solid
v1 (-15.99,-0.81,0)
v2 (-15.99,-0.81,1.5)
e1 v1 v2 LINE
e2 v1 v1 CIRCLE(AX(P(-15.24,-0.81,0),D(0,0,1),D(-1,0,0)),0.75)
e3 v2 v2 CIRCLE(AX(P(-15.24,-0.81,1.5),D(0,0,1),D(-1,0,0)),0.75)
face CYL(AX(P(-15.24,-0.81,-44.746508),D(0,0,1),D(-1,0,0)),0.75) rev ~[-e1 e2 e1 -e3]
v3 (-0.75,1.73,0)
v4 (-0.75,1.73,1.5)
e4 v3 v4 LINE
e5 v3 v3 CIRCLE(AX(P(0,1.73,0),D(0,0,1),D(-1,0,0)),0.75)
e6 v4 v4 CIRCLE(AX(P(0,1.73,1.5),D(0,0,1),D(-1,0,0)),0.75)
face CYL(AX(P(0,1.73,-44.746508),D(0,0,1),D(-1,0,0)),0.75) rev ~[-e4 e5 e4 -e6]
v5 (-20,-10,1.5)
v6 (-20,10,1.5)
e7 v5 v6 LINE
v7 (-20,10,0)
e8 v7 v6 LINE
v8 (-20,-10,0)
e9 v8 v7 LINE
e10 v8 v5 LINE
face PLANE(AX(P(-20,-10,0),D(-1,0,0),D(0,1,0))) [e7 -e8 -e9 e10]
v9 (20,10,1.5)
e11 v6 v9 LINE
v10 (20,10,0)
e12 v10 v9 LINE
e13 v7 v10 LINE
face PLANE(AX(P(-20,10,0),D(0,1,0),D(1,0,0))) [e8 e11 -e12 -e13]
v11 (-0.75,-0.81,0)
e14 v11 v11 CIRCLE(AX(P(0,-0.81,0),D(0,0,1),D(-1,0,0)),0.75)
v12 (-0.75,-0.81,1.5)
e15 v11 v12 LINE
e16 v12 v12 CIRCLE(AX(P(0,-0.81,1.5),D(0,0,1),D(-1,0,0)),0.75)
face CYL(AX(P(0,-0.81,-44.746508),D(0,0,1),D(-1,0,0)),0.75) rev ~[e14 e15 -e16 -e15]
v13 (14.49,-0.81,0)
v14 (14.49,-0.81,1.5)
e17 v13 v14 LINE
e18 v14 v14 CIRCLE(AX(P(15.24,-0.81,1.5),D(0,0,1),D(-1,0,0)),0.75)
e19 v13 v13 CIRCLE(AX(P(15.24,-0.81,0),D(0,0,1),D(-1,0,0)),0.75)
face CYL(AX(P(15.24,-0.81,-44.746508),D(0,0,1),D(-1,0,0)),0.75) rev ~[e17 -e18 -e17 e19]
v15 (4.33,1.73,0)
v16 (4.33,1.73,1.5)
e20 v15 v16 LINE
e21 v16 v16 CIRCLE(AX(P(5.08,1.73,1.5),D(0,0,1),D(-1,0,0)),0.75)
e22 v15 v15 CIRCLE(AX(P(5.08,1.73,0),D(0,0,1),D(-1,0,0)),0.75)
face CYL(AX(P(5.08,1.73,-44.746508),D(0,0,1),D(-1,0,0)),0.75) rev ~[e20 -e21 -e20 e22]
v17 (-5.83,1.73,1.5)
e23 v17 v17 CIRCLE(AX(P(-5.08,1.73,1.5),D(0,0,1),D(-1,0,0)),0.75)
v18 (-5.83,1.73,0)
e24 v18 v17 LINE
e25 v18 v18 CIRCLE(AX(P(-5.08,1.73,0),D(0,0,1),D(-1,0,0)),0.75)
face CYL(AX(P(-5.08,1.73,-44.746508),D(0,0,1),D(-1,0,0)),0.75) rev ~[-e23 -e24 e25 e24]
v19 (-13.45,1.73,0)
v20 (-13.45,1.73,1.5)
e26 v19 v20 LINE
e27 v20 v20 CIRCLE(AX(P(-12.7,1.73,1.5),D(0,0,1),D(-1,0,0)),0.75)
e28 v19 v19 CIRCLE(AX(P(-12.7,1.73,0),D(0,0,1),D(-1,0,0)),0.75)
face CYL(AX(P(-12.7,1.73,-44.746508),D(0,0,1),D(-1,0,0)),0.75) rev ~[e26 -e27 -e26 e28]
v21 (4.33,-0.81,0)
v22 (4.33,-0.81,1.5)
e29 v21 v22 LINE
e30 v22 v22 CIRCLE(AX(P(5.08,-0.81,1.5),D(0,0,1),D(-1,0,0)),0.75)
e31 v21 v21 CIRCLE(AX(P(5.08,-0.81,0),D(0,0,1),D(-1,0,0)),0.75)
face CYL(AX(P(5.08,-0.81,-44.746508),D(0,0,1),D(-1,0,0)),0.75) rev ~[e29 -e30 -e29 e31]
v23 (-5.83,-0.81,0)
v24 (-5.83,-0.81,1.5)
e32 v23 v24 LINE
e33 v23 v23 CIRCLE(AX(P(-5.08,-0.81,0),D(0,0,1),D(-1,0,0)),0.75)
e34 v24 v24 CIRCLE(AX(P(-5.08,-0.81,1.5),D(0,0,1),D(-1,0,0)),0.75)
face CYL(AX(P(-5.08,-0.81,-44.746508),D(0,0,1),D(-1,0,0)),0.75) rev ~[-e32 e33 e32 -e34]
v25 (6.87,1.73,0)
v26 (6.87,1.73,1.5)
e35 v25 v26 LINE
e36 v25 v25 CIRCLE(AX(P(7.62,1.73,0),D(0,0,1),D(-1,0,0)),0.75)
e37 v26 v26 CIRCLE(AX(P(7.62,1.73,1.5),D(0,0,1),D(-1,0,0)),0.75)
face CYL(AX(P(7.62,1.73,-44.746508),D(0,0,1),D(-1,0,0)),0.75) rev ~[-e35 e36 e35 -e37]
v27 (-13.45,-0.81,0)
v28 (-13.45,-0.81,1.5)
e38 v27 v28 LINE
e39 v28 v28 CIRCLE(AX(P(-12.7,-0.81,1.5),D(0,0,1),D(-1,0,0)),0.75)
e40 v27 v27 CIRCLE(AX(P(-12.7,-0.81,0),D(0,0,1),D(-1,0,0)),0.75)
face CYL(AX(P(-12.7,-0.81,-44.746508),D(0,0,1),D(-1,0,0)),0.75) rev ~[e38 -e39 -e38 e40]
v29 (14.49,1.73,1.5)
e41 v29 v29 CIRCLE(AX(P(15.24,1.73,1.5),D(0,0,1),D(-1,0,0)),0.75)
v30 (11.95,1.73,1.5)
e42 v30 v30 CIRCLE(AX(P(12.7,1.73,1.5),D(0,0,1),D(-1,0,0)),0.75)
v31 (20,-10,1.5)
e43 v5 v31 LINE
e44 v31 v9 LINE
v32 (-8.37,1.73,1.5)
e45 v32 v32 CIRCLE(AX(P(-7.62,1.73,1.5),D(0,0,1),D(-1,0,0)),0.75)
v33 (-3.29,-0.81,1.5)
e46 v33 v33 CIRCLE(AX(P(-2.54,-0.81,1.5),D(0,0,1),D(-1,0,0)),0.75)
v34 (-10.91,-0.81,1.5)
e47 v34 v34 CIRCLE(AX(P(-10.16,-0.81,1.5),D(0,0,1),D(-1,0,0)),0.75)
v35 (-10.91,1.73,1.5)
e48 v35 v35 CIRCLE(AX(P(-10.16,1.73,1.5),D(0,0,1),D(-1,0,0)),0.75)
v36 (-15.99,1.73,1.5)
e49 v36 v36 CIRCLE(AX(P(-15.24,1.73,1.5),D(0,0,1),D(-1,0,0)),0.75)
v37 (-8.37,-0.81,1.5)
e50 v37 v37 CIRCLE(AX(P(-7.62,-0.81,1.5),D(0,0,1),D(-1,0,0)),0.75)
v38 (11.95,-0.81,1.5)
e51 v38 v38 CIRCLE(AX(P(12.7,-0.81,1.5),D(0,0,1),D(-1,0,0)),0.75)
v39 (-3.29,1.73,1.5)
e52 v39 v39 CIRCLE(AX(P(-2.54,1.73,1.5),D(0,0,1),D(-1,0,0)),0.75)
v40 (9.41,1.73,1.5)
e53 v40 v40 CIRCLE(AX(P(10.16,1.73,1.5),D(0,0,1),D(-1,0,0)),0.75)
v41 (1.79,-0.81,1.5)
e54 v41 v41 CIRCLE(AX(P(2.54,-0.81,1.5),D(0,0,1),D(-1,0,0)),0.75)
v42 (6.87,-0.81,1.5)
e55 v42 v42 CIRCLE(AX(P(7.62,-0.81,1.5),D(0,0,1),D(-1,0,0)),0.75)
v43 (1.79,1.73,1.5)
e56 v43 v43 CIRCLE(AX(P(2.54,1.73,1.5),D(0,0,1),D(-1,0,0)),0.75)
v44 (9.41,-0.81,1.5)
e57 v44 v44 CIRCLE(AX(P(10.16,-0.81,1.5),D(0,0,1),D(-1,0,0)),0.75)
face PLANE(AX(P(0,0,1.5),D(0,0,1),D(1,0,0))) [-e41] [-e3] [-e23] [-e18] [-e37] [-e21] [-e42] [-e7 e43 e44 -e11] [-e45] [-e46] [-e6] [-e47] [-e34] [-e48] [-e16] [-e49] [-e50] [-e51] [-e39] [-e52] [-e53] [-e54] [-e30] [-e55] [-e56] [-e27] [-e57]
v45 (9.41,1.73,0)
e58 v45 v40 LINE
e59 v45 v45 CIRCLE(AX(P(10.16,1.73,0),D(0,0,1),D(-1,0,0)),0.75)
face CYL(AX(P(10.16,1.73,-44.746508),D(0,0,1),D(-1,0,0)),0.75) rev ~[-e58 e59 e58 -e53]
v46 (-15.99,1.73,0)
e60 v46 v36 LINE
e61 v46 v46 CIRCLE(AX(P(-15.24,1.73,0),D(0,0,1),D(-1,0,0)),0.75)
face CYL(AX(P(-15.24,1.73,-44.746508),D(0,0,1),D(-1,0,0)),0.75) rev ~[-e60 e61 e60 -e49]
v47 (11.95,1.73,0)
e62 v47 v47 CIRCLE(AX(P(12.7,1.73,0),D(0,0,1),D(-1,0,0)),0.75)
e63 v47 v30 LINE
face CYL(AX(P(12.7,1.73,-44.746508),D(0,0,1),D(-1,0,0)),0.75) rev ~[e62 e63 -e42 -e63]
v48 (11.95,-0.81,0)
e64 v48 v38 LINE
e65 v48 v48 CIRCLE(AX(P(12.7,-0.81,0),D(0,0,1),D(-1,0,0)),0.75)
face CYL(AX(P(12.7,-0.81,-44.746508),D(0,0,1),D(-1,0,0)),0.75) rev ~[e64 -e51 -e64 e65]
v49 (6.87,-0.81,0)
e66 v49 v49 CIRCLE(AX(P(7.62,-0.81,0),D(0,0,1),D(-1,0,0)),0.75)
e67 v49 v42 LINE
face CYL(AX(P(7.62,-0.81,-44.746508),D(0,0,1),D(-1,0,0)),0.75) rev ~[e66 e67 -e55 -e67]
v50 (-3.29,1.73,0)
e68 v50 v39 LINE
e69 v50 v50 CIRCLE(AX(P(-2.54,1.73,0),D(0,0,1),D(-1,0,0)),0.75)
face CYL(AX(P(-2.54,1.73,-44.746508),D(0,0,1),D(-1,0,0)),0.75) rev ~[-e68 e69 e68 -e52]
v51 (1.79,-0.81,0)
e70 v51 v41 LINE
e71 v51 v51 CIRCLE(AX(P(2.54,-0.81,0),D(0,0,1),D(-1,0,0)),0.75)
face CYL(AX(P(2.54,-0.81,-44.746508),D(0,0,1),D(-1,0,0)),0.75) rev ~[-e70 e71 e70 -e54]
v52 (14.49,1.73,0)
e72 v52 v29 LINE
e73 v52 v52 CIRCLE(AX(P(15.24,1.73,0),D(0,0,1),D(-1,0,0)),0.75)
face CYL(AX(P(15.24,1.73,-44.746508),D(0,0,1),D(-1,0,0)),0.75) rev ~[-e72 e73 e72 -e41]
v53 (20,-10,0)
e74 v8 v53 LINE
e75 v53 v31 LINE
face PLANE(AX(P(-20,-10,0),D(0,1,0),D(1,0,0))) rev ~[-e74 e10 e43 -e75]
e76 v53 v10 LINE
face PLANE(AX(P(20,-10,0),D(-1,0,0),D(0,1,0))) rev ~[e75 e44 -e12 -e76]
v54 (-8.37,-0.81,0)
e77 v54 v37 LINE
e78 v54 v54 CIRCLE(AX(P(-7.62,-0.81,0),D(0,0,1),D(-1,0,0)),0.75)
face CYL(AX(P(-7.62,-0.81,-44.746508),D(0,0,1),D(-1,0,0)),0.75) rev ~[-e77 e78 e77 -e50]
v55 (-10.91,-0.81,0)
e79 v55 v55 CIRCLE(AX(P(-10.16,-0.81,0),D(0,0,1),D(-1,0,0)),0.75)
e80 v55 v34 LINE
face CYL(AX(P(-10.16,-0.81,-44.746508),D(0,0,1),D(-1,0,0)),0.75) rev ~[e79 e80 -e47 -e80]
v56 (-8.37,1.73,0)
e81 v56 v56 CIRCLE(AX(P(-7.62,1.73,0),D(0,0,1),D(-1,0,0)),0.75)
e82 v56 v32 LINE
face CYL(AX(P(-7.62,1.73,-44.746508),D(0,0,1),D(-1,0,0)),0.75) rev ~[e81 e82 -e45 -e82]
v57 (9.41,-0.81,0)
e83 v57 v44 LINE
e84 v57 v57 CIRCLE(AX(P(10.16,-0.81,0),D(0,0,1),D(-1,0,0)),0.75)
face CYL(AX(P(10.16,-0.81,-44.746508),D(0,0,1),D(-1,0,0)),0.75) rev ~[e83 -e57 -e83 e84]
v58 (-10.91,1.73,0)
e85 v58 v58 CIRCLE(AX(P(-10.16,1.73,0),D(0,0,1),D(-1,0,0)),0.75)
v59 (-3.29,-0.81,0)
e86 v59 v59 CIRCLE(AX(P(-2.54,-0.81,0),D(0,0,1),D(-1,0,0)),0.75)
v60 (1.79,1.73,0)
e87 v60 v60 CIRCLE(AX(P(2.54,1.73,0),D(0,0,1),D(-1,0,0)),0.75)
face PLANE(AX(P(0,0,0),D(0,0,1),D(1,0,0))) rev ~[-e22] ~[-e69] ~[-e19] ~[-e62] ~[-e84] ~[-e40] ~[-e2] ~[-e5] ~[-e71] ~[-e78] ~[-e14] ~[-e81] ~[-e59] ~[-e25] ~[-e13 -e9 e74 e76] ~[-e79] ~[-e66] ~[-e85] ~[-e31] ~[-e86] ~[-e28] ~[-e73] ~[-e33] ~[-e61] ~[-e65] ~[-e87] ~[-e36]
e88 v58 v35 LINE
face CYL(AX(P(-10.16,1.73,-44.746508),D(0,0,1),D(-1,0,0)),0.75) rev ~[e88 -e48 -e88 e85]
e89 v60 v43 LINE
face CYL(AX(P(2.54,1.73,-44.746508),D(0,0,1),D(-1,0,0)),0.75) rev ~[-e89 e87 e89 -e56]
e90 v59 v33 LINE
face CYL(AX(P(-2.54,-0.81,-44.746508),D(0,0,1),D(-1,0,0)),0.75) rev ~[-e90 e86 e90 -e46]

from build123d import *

# Parameters (mm, degrees)
F0_W     = 40
F0_H     = 20
F0_W_2   = 2.54
F0_H_2   = 1.23
F0_H_3   = 2.54
F0_W_3   = 1.26
F1_DEPTH = 1.5
F2_D     = 1.5


with BuildPart() as f1:
    # F0 (on Top) → F1 (new body)
    with BuildSketch(Plane.XY):
        Rectangle(F0_W, F0_H)
        Polygon((-16.5, 1.73), (-16.5, 2.96), (-15.24, 2.96), (-12.7, 2.96), (-10.16, 2.96), (-7.62, 2.96), (-5.08, 2.96), (-2.54, 2.96), (0, 2.96), (2.54, 2.96), (5.08, 2.96), (7.62, 2.96), (10.16, 2.96), (12.7, 2.96), (15.24, 2.96), (16.5, 2.96), (16.5, 1.73), (16.5, -0.81), (16.5, -2.04), (15.24, -2.04), (12.7, -2.04), (10.16, -2.04), (7.62, -2.04), (5.08, -2.04), (2.54, -2.04), (0, -2.04), (-2.54, -2.04), (-5.08, -2.04), (-7.62, -2.04), (-10.16, -2.04), (-12.7, -2.04), (-15.24, -2.04), (-16.5, -2.04), (-16.5, -0.81), align=None, mode=Mode.SUBTRACT)
        with Locations((-11.43, 2.345)):
            Rectangle(F0_W_2, F0_H_2)
        with Locations((-13.97, 2.345)):
            Rectangle(F0_W_2, F0_H_2)
        with Locations((1.27, 0.46)):
            Rectangle(F0_W_2, F0_H_3)
        with Locations((-1.27, -1.425)):
            Rectangle(F0_W_2, F0_H_2)
        with Locations((13.97, -1.425)):
            Rectangle(F0_W_2, F0_H_2)
        with Locations((13.97, 2.345)):
            Rectangle(F0_W_2, F0_H_2)
        with Locations((-15.87, 0.46)):
            Rectangle(F0_W_3, F0_H_3)
        with Locations((6.35, 0.46)):
            Rectangle(F0_W_2, F0_H_3)
        with Locations((6.35, -1.425)):
            Rectangle(F0_W_2, F0_H_2)
        with Locations((3.81, -1.425)):
            Rectangle(F0_W_2, F0_H_2)
        with Locations((8.89, 0.46)):
            Rectangle(F0_W_2, F0_H_3)
        with Locations((1.27, -1.425)):
            Rectangle(F0_W_2, F0_H_2)
        with Locations((-8.89, 0.46)):
            Rectangle(F0_W_2, F0_H_3)
        with Locations((-3.81, -1.425)):
            Rectangle(F0_W_2, F0_H_2)
        with Locations((11.43, 2.345)):
            Rectangle(F0_W_2, F0_H_2)
        with Locations((-13.97, -1.425)):
            Rectangle(F0_W_2, F0_H_2)
        with Locations((8.89, 2.345)):
            Rectangle(F0_W_2, F0_H_2)
        with Locations((-3.81, 2.345)):
            Rectangle(F0_W_2, F0_H_2)
        with Locations((-6.35, 2.345)):
            Rectangle(F0_W_2, F0_H_2)
        with Locations((1.27, 2.345)):
            Rectangle(F0_W_2, F0_H_2)
        with Locations((3.81, 2.345)):
            Rectangle(F0_W_2, F0_H_2)
        with Locations((15.87, 0.46)):
            Rectangle(F0_W_3, F0_H_3)
        with Locations((-1.27, 2.345)):
            Rectangle(F0_W_2, F0_H_2)
        with Locations((-8.89, 2.345)):
            Rectangle(F0_W_2, F0_H_2)
        with Locations((6.35, 2.345)):
            Rectangle(F0_W_2, F0_H_2)
        with Locations((-3.81, 0.46)):
            Rectangle(F0_W_2, F0_H_3)
        with Locations((-8.89, -1.425)):
            Rectangle(F0_W_2, F0_H_2)
        with Locations((-13.97, 0.46)):
            Rectangle(F0_W_2, F0_H_3)
        with Locations((3.81, 0.46)):
            Rectangle(F0_W_2, F0_H_3)
        with Locations((-11.43, 0.46)):
            Rectangle(F0_W_2, F0_H_3)
        with Locations((-11.43, -1.425)):
            Rectangle(F0_W_2, F0_H_2)
        with Locations((11.43, -1.425)):
            Rectangle(F0_W_2, F0_H_2)
        with Locations((-6.35, 0.46)):
            Rectangle(F0_W_2, F0_H_3)
        with Locations((-1.27, 0.46)):
            Rectangle(F0_W_2, F0_H_3)
        with Locations((13.97, 0.46)):
            Rectangle(F0_W_2, F0_H_3)
        with Locations((11.43, 0.46)):
            Rectangle(F0_W_2, F0_H_3)
        with Locations((8.89, -1.425)):
            Rectangle(F0_W_2, F0_H_2)
        with Locations((-6.35, -1.425)):
            Rectangle(F0_W_2, F0_H_2)
        with Locations((15.87, -1.425)):
            Rectangle(F0_W_3, F0_H_2)
        with Locations((-15.87, -1.425)):
            Rectangle(F0_W_3, F0_H_2)
        with Locations((15.87, 2.345)):
            Rectangle(F0_W_3, F0_H_2)
        with Locations((-15.87, 2.345)):
            Rectangle(F0_W_3, F0_H_2)
    extrude(amount=F1_DEPTH)

    # F2 (through all)
    with Locations(Plane(origin=(0, 0, 0), x_dir=(1, 0, 0), z_dir=(0, 0, -1))):
        with Locations((12.7, -1.73), (12.7, 0.81), (15.24, 0.81), (15.24, -1.73), (10.16, -1.73), (10.16, 0.81), (7.62, 0.81), (7.62, -1.73), (5.08, -1.73), (5.08, 0.81), (2.54, 0.81), (2.54, -1.73), (0, -1.73), (0, 0.81), (-2.54, 0.81), (-2.54, -1.73), (-5.08, -1.73), (-5.08, 0.81), (-7.62, 0.81), (-7.62, -1.73), (-10.16, -1.73), (-10.16, 0.81), (-12.7, 0.81), (-12.7, -1.73), (-15.24, -1.73), (-15.24, 0.81)):
            Hole(F2_D / 2)


solid = f1.part
